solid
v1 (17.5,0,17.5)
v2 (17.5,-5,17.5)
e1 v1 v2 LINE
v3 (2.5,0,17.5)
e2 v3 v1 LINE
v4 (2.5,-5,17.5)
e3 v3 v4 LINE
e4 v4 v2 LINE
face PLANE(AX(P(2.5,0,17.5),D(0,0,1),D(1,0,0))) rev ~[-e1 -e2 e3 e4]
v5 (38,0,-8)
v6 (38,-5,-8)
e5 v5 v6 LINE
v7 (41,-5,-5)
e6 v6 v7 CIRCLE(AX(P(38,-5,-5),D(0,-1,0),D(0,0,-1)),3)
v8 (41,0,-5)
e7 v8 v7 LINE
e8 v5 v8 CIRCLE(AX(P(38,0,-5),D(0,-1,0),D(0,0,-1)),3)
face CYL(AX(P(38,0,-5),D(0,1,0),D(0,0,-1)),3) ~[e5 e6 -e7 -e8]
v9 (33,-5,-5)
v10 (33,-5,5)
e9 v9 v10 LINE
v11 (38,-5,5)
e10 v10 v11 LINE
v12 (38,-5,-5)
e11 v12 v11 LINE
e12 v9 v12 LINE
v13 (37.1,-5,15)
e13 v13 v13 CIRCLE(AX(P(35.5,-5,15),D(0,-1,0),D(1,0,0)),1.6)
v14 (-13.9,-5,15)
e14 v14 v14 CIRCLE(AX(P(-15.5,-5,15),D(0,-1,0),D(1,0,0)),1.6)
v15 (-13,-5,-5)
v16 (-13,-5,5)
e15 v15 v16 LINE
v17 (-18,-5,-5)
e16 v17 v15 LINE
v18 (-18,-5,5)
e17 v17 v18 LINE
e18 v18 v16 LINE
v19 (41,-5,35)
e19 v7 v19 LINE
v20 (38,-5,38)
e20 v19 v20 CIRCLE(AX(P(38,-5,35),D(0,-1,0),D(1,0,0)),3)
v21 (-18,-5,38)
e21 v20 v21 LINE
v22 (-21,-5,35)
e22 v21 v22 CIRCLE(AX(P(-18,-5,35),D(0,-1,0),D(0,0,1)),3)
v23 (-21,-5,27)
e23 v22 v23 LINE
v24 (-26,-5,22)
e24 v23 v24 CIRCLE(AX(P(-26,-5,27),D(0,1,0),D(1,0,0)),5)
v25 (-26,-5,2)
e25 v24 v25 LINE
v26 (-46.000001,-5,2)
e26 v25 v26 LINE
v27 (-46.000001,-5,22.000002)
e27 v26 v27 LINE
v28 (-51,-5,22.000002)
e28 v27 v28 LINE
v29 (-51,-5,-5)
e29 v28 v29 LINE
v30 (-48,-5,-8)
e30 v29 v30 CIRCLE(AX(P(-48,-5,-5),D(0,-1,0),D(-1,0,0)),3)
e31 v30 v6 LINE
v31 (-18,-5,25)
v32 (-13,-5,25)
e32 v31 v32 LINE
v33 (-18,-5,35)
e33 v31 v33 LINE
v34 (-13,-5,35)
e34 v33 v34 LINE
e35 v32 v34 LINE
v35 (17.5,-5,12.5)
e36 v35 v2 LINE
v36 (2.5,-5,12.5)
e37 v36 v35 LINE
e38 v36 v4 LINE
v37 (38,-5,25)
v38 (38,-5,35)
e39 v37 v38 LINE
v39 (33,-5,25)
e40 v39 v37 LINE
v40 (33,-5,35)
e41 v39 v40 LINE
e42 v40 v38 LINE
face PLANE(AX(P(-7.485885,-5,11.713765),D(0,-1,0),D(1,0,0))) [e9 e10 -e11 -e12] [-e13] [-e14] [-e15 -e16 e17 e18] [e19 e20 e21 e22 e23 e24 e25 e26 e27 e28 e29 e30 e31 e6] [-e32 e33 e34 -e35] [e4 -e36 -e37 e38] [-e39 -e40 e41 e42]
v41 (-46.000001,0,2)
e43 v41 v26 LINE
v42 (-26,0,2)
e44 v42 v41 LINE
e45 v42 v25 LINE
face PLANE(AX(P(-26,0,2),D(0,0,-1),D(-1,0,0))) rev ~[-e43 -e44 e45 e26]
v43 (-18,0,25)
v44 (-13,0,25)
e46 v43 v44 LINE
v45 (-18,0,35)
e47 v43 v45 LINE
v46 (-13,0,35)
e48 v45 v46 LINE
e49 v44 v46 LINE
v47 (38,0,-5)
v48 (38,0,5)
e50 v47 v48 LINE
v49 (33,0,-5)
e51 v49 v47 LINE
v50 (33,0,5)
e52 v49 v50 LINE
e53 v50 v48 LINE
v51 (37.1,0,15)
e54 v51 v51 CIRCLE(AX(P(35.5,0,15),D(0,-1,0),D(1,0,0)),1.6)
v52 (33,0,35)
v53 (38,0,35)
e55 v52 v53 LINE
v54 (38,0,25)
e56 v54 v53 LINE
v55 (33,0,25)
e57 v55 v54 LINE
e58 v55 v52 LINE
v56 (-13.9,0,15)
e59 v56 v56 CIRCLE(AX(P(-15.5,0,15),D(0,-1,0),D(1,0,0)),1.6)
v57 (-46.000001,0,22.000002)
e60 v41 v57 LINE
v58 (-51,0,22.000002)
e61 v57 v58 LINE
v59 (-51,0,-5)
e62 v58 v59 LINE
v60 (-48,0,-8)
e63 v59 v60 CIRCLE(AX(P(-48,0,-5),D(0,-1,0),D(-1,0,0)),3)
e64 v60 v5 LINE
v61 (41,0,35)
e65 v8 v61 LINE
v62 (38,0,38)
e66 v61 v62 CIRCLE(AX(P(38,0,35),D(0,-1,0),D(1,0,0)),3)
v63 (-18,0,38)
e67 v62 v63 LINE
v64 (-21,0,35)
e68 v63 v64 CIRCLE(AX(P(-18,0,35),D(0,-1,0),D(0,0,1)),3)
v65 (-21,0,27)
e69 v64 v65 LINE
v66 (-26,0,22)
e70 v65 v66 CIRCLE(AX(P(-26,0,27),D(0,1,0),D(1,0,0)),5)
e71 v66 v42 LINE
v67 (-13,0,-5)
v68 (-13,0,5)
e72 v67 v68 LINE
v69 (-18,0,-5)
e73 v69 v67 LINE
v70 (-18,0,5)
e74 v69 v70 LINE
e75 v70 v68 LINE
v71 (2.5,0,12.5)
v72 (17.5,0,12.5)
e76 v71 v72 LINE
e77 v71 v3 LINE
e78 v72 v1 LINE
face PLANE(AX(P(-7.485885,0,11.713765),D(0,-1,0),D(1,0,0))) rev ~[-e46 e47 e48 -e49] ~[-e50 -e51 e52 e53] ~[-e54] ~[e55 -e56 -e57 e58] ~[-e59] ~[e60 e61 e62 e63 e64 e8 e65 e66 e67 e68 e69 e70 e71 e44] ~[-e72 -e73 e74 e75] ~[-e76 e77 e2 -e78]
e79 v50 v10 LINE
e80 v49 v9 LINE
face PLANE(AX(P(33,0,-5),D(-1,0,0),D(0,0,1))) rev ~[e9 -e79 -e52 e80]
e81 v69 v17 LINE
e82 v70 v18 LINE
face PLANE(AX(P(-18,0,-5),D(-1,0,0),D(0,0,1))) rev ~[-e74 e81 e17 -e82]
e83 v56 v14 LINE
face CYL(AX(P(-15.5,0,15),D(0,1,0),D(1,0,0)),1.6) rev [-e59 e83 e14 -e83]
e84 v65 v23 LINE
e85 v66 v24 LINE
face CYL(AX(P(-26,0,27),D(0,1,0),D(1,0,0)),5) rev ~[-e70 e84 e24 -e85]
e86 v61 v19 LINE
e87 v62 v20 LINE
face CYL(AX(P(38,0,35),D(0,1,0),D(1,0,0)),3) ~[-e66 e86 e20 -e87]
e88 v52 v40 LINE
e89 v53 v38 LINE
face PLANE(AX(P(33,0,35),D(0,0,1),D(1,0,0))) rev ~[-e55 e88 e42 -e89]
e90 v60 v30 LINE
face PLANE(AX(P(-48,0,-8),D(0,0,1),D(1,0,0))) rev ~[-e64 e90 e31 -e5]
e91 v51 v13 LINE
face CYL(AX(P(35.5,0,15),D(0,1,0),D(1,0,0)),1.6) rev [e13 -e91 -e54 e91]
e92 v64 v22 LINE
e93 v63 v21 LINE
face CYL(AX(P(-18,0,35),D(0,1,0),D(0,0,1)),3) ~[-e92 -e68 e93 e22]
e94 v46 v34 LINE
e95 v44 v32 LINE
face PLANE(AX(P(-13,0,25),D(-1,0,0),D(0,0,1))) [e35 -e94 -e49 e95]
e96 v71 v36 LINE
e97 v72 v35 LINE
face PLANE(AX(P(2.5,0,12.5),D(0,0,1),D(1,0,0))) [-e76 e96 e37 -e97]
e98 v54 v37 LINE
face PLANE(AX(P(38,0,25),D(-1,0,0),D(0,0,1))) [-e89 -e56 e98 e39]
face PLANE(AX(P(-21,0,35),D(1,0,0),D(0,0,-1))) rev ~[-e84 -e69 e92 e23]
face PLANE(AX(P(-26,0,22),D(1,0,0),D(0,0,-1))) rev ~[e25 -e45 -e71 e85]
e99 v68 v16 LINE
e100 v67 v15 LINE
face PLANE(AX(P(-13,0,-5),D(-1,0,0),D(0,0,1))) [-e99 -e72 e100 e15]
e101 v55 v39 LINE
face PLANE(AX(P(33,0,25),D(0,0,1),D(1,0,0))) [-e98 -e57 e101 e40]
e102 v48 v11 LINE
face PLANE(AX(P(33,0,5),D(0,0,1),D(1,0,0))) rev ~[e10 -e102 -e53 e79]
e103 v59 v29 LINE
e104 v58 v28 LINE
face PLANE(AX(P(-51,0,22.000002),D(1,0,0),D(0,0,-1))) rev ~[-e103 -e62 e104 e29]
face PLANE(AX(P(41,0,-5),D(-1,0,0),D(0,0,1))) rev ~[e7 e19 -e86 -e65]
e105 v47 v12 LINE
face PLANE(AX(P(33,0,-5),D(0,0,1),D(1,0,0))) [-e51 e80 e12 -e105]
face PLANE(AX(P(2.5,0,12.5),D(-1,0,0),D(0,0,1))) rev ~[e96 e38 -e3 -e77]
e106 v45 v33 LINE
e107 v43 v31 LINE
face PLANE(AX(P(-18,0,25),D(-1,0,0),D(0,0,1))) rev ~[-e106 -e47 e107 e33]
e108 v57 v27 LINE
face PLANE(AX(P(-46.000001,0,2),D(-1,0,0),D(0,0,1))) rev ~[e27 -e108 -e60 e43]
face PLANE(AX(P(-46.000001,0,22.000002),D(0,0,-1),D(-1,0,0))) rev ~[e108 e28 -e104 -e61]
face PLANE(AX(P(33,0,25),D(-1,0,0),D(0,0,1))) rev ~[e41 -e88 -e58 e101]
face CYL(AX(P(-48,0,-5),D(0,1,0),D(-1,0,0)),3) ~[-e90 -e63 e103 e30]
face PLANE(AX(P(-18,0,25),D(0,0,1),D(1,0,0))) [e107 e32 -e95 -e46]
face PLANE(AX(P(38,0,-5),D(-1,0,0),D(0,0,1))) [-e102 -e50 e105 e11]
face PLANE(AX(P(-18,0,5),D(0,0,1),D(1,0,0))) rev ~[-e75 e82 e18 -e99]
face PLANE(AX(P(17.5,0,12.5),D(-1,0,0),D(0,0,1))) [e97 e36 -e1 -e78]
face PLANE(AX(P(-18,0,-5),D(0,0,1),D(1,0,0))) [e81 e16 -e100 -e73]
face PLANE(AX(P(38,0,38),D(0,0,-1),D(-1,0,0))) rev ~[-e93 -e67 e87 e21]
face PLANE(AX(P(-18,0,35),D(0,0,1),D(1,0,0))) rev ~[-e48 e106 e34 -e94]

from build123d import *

# Parameters (mm, degrees)
F1_W     = 5
F1_H     = 10
F1_R     = 1.6
F1_W_2   = 15
F1_H_2   = 5
F2_DEPTH = 5


with BuildPart() as f2:
    # F1 (on Front) → F2 (new body)
    with BuildSketch(Plane.XZ):
        with BuildLine():
            Line((-21, 35), (-21, 27))
            ThreePointArc((-21, 27), (-22.4644660941, 23.4644660941), (-26, 22))
            Line((-26, 22), (-26, 2))
            Line((-26, 2), (-46.0000009239, 2))
            Line((-46.0000009239, 2), (-46.0000009239, 22.0000018477))
            Line((-46.0000009239, 22.0000018477), (-51, 22.0000018477))
            Line((-51, 22.0000018477), (-51, -5))
            ThreePointArc((-51, -5), (-50.1213203436, -7.1213203436), (-48, -8))
            Line((-48, -8), (38, -8))
            ThreePointArc((38, -8), (40.1213203436, -7.1213203436), (41, -5))
            Line((41, -5), (41, 35))
            ThreePointArc((41, 35), (40.1213203436, 37.1213203436), (38, 38))
            Line((38, 38), (-18, 38))
            ThreePointArc((-18, 38), (-20.1213203436, 37.1213203436), (-21, 35))
        make_face()
        with Locations((-15.5, 0)):
            Rectangle(F1_W, F1_H, mode=Mode.SUBTRACT)
        with Locations((35.5, 0)):
            Rectangle(F1_W, F1_H, mode=Mode.SUBTRACT)
        with Locations((-15.5, 15)):
            Circle(F1_R, mode=Mode.SUBTRACT)
        with Locations((-15.5, 30)):
            Rectangle(F1_W, F1_H, mode=Mode.SUBTRACT)
        with Locations((10, 15)):
            Rectangle(F1_W_2, F1_H_2, mode=Mode.SUBTRACT)
        with Locations((35.5, 15)):
            Circle(F1_R, mode=Mode.SUBTRACT)
        with Locations((35.5, 30)):
            Rectangle(F1_W, F1_H, mode=Mode.SUBTRACT)
    extrude(amount=F2_DEPTH)


solid = f2.part
